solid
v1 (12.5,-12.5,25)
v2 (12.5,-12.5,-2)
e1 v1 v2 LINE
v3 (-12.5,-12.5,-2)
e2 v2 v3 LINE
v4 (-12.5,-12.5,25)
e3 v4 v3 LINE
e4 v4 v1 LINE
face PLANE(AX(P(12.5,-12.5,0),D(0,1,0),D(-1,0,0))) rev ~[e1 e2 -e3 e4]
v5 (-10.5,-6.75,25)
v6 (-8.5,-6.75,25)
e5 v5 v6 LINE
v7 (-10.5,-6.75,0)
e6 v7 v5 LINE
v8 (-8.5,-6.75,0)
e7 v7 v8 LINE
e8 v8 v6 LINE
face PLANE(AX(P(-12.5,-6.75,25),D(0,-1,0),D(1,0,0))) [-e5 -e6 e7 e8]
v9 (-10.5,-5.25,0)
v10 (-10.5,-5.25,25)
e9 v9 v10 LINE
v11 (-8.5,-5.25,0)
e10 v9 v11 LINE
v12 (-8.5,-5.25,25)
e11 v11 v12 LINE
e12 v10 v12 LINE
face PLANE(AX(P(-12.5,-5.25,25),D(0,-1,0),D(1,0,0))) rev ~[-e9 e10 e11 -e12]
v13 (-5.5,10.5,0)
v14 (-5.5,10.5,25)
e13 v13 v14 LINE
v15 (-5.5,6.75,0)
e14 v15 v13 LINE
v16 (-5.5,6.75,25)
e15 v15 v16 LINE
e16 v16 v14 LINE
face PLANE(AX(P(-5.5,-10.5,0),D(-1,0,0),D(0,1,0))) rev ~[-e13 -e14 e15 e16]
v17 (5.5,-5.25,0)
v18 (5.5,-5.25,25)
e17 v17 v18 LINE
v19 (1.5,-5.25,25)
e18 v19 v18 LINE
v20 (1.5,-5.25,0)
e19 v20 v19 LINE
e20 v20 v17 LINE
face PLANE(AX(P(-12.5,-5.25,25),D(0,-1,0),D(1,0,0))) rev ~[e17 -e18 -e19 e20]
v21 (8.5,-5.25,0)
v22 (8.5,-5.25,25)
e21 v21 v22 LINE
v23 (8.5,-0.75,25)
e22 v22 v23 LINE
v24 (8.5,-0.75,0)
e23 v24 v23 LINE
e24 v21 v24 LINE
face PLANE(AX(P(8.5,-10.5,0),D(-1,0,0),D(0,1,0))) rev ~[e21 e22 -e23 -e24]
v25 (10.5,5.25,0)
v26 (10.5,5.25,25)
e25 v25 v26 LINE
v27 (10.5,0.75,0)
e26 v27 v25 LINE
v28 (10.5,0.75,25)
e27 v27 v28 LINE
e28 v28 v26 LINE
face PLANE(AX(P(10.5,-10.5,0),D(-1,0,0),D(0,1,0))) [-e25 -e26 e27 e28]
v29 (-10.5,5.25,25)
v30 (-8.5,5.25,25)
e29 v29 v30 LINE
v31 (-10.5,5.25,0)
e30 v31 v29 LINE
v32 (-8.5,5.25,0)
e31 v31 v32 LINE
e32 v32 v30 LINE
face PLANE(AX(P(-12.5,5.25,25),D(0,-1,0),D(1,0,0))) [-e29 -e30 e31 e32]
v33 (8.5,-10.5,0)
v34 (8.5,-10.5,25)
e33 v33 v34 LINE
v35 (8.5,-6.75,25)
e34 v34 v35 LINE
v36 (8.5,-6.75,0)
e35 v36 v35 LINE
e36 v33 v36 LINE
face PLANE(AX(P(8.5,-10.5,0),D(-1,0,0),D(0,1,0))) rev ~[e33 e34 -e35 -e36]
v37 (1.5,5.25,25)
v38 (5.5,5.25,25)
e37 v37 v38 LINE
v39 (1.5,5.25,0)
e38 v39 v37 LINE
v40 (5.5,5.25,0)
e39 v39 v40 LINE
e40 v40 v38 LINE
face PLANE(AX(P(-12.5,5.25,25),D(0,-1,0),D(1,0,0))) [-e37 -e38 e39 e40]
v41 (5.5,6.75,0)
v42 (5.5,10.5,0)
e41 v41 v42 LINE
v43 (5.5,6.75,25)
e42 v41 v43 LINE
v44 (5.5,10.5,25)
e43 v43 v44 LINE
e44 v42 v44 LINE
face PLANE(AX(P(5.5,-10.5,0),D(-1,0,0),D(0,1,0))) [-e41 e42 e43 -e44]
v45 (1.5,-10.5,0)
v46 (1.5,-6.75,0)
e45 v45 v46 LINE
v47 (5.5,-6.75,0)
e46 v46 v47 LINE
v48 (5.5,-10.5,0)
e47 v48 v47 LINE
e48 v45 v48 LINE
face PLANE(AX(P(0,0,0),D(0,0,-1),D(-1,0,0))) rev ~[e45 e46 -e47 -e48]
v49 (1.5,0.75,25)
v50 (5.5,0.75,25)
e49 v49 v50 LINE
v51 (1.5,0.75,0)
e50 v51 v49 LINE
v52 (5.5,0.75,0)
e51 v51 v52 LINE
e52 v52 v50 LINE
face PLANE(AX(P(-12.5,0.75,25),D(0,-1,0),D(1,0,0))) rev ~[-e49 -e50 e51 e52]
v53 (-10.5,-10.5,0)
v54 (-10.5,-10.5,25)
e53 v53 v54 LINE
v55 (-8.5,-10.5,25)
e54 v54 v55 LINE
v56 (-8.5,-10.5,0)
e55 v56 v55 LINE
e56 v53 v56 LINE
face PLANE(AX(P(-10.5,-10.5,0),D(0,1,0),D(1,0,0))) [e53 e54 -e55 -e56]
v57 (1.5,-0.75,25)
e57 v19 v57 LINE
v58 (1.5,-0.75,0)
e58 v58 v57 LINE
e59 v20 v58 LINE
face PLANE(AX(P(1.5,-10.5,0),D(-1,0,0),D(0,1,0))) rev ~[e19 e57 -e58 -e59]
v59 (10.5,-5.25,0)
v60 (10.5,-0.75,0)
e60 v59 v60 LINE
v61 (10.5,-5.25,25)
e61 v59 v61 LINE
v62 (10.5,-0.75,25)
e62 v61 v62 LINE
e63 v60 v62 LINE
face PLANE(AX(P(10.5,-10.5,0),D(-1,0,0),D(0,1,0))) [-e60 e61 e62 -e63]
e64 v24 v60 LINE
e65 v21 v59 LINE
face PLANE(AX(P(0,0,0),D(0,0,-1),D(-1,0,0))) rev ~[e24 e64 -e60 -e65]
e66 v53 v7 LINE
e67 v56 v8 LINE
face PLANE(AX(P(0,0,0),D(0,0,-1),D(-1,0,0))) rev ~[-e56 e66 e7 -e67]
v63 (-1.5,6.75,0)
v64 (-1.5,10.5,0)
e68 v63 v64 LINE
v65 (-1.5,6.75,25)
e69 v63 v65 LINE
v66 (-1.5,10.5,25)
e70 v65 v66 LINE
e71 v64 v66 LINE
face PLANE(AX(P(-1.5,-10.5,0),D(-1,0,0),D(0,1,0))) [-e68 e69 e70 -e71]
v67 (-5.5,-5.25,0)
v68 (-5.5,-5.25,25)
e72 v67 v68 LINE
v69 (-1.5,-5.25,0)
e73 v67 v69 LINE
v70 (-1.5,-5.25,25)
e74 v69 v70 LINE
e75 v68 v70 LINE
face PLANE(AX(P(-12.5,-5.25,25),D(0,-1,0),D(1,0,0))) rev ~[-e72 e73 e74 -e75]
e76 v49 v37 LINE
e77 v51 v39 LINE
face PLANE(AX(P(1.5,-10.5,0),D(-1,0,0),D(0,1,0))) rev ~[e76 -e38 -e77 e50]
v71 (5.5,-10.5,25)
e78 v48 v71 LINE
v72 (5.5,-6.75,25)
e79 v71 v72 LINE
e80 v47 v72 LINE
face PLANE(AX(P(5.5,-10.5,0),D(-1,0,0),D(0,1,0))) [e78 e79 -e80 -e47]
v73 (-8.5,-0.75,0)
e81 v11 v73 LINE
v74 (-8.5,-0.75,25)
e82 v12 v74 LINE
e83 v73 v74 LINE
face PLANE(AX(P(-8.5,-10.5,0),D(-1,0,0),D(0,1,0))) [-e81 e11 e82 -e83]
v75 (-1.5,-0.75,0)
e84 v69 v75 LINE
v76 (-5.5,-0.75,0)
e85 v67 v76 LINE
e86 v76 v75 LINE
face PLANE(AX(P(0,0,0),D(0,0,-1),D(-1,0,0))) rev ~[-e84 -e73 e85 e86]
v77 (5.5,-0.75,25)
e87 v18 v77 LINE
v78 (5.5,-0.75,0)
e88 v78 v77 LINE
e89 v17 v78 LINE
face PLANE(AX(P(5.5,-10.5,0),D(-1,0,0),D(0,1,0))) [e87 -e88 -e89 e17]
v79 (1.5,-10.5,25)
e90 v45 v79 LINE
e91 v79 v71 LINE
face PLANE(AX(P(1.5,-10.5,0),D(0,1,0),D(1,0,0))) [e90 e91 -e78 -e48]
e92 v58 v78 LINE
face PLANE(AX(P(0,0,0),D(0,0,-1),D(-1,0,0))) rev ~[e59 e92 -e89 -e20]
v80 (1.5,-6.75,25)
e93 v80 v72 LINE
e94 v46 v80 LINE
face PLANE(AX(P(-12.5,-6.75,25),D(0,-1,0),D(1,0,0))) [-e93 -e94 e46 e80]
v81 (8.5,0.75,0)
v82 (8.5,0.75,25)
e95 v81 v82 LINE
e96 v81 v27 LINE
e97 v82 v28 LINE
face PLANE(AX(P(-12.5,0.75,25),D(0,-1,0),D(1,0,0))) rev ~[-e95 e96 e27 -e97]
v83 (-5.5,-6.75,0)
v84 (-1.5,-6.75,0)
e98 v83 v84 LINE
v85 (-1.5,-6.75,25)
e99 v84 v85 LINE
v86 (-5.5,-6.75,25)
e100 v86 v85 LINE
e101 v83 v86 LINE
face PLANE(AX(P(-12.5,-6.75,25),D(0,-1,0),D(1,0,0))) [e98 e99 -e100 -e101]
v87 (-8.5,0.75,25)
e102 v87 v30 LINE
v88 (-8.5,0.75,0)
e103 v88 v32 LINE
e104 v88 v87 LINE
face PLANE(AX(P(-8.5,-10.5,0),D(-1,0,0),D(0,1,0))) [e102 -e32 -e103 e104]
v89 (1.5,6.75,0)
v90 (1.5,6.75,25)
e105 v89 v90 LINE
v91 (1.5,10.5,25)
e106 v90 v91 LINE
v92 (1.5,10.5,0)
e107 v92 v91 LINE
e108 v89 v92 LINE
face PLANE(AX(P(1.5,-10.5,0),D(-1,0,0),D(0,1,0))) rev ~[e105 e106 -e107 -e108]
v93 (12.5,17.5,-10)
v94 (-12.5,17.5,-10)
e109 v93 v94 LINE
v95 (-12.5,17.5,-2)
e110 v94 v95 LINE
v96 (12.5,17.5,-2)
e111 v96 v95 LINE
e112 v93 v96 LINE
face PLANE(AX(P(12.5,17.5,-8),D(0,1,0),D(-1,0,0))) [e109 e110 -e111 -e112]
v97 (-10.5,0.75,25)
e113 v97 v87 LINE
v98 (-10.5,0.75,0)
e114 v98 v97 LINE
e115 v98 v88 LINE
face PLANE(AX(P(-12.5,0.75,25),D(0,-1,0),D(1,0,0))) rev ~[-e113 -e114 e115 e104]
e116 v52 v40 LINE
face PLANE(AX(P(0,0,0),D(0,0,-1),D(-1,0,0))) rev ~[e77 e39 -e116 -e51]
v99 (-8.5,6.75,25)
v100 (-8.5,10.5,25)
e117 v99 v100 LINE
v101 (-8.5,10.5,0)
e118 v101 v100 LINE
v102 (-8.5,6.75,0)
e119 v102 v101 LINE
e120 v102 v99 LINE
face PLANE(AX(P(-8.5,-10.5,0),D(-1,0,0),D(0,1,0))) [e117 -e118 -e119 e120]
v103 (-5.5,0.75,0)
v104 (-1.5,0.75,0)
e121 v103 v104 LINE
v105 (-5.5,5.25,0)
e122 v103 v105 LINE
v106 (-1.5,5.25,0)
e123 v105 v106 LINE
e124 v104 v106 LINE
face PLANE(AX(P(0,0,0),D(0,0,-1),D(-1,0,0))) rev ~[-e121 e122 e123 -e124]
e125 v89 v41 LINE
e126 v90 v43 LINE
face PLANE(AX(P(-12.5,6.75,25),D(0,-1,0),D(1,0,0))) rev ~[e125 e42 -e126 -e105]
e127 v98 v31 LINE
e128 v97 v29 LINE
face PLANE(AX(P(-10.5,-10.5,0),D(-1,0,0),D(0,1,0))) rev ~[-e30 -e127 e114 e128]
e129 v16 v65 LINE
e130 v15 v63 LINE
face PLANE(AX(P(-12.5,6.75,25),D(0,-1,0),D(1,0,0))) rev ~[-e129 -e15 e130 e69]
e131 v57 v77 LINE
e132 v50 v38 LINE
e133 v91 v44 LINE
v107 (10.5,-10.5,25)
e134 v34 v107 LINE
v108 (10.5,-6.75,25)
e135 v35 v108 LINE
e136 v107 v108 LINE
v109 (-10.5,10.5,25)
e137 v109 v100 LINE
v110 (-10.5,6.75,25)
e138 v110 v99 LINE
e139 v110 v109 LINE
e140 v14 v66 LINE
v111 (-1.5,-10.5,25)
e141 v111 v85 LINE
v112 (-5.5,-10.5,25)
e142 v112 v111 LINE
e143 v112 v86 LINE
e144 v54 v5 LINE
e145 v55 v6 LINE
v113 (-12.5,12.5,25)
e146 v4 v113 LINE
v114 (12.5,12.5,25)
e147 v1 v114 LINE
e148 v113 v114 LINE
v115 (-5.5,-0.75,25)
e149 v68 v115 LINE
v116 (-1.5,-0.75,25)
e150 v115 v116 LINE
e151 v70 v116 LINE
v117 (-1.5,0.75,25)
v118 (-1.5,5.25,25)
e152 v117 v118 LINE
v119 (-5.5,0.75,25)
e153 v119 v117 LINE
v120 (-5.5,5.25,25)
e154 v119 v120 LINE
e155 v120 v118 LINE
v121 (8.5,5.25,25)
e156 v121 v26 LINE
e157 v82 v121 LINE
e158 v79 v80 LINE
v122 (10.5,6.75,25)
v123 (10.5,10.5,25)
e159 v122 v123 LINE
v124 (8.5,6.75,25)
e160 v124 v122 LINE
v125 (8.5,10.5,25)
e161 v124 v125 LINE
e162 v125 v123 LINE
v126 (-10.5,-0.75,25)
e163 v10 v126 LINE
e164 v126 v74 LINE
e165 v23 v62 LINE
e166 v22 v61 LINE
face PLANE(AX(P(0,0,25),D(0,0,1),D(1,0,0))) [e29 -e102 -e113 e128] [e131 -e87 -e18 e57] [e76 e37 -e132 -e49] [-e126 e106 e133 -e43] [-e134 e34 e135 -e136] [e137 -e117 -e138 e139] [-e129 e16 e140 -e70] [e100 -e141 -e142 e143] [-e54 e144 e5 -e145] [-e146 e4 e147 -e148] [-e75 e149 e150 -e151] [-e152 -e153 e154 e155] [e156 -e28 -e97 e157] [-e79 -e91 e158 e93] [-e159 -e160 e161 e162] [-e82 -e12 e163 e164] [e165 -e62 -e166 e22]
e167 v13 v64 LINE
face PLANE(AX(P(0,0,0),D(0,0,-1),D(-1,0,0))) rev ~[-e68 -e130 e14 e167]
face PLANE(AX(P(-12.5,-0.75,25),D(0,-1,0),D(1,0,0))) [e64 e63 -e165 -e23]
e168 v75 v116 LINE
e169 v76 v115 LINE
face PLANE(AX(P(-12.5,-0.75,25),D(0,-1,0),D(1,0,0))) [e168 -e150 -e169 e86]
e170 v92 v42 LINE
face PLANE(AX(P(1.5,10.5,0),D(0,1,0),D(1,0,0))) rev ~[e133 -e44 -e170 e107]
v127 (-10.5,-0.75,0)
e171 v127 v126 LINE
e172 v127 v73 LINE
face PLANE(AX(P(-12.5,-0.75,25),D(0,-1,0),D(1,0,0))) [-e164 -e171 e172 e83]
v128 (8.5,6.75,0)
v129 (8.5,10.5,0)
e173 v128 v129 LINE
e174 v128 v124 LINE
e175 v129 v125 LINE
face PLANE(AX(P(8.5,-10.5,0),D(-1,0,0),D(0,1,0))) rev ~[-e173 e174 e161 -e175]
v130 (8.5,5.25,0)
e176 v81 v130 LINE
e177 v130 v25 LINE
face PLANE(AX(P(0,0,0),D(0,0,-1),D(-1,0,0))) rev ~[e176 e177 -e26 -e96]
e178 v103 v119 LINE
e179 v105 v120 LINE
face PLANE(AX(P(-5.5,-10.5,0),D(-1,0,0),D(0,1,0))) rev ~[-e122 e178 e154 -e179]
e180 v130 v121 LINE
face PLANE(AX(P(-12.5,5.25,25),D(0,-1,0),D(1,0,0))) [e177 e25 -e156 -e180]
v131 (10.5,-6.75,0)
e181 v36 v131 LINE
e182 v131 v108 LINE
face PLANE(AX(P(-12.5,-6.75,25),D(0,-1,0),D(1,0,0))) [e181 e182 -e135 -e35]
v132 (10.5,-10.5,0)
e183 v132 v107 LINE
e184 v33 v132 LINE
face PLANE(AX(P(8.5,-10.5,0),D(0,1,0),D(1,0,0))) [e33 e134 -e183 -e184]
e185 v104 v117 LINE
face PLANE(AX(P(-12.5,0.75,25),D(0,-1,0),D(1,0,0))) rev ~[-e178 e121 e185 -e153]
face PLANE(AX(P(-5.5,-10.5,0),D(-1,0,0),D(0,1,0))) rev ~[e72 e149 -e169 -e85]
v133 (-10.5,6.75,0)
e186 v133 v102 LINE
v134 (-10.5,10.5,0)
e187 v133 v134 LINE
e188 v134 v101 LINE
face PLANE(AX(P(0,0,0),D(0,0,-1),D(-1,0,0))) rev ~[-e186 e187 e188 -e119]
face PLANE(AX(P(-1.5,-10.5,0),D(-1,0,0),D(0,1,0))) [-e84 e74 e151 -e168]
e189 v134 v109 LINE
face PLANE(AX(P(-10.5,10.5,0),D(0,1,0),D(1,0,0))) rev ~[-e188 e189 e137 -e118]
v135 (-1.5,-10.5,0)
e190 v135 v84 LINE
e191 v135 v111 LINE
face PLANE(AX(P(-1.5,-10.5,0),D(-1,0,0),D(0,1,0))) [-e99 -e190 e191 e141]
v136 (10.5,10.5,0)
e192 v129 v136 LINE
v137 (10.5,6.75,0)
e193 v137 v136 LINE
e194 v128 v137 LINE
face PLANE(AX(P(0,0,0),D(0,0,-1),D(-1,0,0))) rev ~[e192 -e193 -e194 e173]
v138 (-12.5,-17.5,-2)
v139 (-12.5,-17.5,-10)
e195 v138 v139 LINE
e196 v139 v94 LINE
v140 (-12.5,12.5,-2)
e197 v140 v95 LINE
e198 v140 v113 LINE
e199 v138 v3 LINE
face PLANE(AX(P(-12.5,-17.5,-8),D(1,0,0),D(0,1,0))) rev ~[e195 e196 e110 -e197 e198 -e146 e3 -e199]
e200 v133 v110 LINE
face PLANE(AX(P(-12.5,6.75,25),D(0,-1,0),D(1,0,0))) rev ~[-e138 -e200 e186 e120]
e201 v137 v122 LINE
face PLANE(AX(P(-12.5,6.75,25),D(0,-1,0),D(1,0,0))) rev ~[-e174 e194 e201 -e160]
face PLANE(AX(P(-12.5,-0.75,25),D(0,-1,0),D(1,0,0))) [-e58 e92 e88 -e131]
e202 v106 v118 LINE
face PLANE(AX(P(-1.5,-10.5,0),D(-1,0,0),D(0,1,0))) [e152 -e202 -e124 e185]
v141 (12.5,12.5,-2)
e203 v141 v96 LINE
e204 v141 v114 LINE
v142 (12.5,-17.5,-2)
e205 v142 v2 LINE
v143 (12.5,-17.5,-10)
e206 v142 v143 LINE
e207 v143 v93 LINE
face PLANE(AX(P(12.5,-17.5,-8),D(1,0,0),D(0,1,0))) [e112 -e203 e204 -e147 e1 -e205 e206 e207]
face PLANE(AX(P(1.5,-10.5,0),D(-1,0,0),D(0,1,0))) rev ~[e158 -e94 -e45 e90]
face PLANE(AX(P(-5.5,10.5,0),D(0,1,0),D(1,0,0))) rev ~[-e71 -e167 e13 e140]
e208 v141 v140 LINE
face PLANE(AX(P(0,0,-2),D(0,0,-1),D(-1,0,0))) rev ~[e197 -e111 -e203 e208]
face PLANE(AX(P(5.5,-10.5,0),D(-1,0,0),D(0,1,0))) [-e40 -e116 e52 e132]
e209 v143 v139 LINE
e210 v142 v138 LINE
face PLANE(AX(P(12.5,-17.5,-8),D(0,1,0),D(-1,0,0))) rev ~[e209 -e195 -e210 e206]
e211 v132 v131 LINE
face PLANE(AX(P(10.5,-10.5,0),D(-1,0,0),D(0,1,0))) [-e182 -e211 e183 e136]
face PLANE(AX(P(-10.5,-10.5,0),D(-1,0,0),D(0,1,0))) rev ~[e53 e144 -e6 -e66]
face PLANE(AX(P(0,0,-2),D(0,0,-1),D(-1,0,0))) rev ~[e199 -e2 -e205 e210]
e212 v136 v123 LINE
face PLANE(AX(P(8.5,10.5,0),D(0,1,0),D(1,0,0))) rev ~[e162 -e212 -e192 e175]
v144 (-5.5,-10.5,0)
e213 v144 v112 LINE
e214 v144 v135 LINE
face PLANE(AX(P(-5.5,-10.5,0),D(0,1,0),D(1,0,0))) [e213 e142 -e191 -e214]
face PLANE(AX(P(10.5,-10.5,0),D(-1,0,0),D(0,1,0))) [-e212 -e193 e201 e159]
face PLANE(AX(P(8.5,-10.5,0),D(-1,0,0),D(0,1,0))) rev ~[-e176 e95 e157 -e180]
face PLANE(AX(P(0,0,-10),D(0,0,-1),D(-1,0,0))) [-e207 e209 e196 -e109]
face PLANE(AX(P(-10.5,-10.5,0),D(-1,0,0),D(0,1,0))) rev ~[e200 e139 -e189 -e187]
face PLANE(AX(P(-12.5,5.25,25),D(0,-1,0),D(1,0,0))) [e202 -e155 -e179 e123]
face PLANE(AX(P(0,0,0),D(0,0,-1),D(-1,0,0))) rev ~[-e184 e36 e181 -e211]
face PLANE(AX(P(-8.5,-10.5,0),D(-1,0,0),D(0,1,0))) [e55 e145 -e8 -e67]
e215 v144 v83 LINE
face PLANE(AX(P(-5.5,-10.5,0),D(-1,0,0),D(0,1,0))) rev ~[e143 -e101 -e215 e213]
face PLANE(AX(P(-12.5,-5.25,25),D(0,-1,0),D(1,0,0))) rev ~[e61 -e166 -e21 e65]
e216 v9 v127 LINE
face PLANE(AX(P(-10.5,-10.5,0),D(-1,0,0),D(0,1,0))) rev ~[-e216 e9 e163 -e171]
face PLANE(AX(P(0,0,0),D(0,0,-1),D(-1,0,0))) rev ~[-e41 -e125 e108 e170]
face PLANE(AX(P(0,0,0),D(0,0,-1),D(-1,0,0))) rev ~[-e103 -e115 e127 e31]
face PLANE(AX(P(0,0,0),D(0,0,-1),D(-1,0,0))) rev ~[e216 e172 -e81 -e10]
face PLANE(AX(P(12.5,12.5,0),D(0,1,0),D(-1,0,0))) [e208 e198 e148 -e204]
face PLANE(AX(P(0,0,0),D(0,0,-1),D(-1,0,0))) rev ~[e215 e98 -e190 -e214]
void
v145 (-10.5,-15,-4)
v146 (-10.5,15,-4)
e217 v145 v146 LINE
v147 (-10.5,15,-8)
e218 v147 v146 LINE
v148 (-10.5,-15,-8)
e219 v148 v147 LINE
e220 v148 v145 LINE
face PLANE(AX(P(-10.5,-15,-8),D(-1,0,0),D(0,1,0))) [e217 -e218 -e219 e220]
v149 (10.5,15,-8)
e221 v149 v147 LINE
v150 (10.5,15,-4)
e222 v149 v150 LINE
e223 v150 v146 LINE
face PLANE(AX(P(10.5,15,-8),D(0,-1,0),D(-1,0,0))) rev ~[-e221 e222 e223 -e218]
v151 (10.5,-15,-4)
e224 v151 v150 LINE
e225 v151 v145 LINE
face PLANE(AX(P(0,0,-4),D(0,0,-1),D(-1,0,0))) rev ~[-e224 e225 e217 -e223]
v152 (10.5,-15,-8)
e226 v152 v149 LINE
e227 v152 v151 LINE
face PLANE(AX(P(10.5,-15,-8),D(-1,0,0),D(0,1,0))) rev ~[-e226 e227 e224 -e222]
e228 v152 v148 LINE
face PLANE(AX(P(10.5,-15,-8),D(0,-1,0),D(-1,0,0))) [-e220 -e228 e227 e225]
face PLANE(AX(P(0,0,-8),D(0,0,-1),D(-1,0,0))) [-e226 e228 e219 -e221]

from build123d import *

# Parameters (mm, degrees)
SKETCH_8_W          = 25
SKETCH_8_H          = 25
SKETCH_8_W_2        = 4
SKETCH_8_H_2        = 21
SKETCH_8_W_3        = 2
EXTRUDE_7_DEPTH     = 25
SKETCH_9_W          = 25
SKETCH_9_H          = 25
EXTRUDE_8_DEPTH     = 2
SKETCH_11_W         = 25
SKETCH_11_H         = 35
EXTRUDE_9_DEPTH     = 6
SKETCH_12_W         = 21
SKETCH_12_H         = 30
CUT_EXTRUDE_1_DEPTH = 4
SKETCH_14_W         = 25
SKETCH_14_H         = 1.5
EXTRUDE_11_DEPTH    = 25
SKETCH_15_W         = 25
SKETCH_15_H         = 35
EXTRUDE_12_DEPTH    = 2


with BuildPart() as part:
    # 草图8 → 凸台-拉伸7 (new body)
    with BuildSketch(Plane.XY):
        Rectangle(SKETCH_8_W, SKETCH_8_H)
        with Locations((3.5, 0)):
            Rectangle(SKETCH_8_W_2, SKETCH_8_H_2, mode=Mode.SUBTRACT)
        with Locations((-3.5, 0)):
            Rectangle(SKETCH_8_W_2, SKETCH_8_H_2, mode=Mode.SUBTRACT)
        with Locations((-9.5, 0)):
            Rectangle(SKETCH_8_W_3, SKETCH_8_H_2, mode=Mode.SUBTRACT)
        with Locations((9.5, 0)):
            Rectangle(SKETCH_8_W_3, SKETCH_8_H_2, mode=Mode.SUBTRACT)
    extrude(amount=EXTRUDE_7_DEPTH)

    # 草图9 → 凸台-拉伸8 (add)
    with BuildSketch(Plane(origin=(0, 0, 0), x_dir=(-1, 0, 0), z_dir=(0, 0, -1))):
        Rectangle(SKETCH_9_W, SKETCH_9_H)
    extrude(amount=EXTRUDE_8_DEPTH)

    # 草图11 → 凸台-拉伸9 (add)
    with BuildSketch(Plane(origin=(0, 0, -2), x_dir=(-1, 0, 0), z_dir=(0, 0, -1))):
        Rectangle(SKETCH_11_W, SKETCH_11_H)
    extrude(amount=EXTRUDE_9_DEPTH)

    # 草图12 → 切除-拉伸1 (cut)
    with BuildSketch(Plane(origin=(0, 0, -8), x_dir=(-1, 0, 0), z_dir=(0, 0, -1))):
        Rectangle(SKETCH_12_W, SKETCH_12_H)
    extrude(amount=-CUT_EXTRUDE_1_DEPTH, mode=Mode.SUBTRACT)

    # 草图14 → 凸台-拉伸11 (add)
    with BuildSketch(Plane.XY.offset(25)):
        Rectangle(SKETCH_14_W, SKETCH_14_H)
        with Locations((0, 6)):
            Rectangle(SKETCH_14_W, SKETCH_14_H)
        with Locations((0, -6)):
            Rectangle(SKETCH_14_W, SKETCH_14_H)
    extrude(amount=-EXTRUDE_11_DEPTH)

    # 草图15 → 凸台-拉伸12 (add)
    with BuildSketch(Plane(origin=(0, 0, -8), x_dir=(-1, 0, 0), z_dir=(0, 0, -1))):
        Rectangle(SKETCH_15_W, SKETCH_15_H)
    extrude(amount=EXTRUDE_12_DEPTH)


solid = part.part
